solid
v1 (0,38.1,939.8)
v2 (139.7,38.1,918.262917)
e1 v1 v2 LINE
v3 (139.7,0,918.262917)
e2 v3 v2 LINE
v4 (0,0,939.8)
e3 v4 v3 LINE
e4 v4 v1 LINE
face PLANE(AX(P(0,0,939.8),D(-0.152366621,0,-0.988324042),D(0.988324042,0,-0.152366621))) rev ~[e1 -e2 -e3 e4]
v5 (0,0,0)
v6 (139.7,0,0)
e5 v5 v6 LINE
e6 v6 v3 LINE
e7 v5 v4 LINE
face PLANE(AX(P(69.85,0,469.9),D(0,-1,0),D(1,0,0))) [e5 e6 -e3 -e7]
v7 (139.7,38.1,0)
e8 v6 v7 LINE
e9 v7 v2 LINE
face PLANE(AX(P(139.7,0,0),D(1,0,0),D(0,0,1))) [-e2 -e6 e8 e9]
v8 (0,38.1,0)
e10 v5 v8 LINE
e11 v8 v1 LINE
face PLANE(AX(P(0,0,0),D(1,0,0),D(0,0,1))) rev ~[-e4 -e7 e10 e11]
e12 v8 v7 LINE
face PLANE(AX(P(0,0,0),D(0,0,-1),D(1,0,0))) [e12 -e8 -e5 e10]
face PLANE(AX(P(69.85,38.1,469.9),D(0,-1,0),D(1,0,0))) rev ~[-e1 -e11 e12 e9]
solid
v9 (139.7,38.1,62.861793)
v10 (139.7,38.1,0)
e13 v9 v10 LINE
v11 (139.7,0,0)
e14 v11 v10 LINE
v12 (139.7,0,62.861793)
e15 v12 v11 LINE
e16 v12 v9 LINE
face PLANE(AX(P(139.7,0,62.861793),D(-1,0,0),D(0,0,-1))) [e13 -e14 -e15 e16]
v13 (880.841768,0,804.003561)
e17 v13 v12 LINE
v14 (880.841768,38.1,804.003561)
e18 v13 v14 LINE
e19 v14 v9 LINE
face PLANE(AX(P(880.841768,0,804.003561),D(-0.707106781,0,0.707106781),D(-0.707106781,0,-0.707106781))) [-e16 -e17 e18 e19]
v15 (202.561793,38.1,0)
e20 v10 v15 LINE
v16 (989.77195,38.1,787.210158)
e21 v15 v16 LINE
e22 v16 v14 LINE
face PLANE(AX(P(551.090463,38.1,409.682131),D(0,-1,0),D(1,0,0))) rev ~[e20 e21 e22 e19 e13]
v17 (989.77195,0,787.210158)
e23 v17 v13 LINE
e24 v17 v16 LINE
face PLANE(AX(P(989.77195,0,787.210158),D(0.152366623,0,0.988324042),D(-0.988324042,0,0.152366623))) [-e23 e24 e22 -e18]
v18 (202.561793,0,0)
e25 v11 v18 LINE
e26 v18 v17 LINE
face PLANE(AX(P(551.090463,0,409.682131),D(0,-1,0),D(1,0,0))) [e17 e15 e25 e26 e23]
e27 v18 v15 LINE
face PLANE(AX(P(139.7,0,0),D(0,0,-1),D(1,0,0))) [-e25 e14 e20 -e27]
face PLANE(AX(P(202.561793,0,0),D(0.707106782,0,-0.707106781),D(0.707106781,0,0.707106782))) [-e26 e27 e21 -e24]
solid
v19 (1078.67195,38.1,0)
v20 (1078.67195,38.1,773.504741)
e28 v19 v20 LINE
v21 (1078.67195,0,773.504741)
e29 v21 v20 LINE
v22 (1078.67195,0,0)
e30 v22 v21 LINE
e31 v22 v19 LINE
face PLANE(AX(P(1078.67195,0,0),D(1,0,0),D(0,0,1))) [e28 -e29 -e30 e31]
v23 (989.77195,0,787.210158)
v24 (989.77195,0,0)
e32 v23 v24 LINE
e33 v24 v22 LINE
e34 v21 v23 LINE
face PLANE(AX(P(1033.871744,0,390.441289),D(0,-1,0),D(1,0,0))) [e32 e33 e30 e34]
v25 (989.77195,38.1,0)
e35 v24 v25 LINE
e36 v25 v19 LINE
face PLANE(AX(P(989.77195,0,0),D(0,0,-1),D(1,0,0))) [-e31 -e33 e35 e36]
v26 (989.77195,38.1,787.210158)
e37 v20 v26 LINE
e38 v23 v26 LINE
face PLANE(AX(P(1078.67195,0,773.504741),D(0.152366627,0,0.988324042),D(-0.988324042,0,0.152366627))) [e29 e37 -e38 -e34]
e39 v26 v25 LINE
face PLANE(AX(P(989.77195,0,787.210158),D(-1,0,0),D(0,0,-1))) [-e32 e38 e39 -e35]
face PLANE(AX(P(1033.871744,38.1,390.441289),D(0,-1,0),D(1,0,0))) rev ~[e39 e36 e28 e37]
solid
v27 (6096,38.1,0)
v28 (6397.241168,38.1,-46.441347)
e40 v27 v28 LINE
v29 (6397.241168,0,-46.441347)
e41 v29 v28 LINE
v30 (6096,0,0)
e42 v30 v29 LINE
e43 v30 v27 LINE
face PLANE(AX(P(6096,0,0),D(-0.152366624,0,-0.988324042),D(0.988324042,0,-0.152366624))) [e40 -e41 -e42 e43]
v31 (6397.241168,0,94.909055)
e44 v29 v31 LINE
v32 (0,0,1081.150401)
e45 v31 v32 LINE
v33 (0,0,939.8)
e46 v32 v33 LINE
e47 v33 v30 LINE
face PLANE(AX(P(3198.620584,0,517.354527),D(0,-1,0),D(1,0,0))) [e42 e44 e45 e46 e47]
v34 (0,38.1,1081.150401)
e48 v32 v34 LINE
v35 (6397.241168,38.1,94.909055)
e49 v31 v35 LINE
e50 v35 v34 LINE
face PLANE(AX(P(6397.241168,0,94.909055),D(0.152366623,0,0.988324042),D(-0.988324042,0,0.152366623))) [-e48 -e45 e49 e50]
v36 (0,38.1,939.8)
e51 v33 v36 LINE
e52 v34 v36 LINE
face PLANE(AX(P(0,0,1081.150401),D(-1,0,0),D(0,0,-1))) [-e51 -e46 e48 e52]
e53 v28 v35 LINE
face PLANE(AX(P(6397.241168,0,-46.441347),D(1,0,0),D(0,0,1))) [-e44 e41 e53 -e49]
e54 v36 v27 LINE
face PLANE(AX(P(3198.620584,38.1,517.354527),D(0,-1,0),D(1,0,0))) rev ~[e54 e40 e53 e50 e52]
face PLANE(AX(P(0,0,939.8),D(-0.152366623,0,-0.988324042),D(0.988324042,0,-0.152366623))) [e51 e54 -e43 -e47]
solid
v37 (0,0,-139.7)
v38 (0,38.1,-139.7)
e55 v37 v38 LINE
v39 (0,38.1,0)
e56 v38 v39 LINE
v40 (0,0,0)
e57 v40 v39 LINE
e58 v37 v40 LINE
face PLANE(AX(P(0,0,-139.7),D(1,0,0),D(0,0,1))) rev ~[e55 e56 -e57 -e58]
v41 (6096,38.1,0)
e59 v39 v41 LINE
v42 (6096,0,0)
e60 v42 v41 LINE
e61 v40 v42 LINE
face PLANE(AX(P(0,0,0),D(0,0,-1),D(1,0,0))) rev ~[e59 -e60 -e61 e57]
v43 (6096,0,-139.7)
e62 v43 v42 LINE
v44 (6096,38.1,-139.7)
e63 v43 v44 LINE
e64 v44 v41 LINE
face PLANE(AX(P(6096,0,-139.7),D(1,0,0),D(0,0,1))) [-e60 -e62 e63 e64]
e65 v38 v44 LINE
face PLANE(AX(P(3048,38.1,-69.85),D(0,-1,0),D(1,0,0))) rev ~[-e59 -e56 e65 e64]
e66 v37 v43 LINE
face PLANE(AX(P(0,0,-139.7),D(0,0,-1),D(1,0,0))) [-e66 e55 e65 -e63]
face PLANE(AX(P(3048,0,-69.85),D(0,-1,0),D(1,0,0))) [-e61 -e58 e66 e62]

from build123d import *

# Parameters (mm, degrees)
F0_W      = 139.7
F0_H      = 939.8
F1_DEPTH  = 38.1
F2_W      = 6096
F2_H      = 139.7
F3_DEPTH  = 38.1
F5_DEPTH  = 38.101
F7_DEPTH  = 38.1
F9_DEPTH  = 38.1
F11_DEPTH = 38.1


with BuildPart() as f1:
    # F0 (on Front) → F1 (new body)
    with BuildSketch(Plane.XZ):
        with Locations((69.85, 469.9)):
            Rectangle(F0_W, F0_H)
    extrude(amount=-F1_DEPTH)

    # F4 (on face) → F5 (cut, through all)
    with BuildSketch(Plane.XZ):
        Polygon((139.7, 939.8), (0, 939.8), (139.7, 918.262917), align=None)
    extrude(amount=-F5_DEPTH, mode=Mode.SUBTRACT)


with BuildPart() as f3:
    # F2 (on face) → F3 (new body, through all)
    with BuildSketch(Plane.XZ):
        with Locations((3048, -69.85)):
            Rectangle(F2_W, F2_H)
    extrude(amount=-F3_DEPTH)


with BuildPart() as f7:
    # F6 (on face) → F7 (new body)
    with BuildSketch(Plane.XZ):
        Polygon((0, 1081.150401), (0, 939.8), (6096, 0), (6397.241168, -46.441347), (6397.241168, 94.909055), align=None)
    extrude(amount=-F7_DEPTH)


with BuildPart() as f9:
    # F8 (on face) → F9 (new body)
    with BuildSketch(Plane.XZ):
        Polygon((139.7, 0), (202.561793, 0), (989.77195, 787.210158), (880.841768, 804.003561), (139.7, 62.861793), align=None)
    extrude(amount=-F9_DEPTH)


with BuildPart() as f11:
    # F10 (on face) → F11 (new body)
    with BuildSketch(Plane.XZ):
        Polygon((1078.67195, 773.504741), (989.77195, 787.210158), (989.77195, 0), (1078.67195, 0), align=None)
    extrude(amount=-F11_DEPTH)


solid = Compound([f1.part, f3.part, f7.part, f9.part, f11.part])
